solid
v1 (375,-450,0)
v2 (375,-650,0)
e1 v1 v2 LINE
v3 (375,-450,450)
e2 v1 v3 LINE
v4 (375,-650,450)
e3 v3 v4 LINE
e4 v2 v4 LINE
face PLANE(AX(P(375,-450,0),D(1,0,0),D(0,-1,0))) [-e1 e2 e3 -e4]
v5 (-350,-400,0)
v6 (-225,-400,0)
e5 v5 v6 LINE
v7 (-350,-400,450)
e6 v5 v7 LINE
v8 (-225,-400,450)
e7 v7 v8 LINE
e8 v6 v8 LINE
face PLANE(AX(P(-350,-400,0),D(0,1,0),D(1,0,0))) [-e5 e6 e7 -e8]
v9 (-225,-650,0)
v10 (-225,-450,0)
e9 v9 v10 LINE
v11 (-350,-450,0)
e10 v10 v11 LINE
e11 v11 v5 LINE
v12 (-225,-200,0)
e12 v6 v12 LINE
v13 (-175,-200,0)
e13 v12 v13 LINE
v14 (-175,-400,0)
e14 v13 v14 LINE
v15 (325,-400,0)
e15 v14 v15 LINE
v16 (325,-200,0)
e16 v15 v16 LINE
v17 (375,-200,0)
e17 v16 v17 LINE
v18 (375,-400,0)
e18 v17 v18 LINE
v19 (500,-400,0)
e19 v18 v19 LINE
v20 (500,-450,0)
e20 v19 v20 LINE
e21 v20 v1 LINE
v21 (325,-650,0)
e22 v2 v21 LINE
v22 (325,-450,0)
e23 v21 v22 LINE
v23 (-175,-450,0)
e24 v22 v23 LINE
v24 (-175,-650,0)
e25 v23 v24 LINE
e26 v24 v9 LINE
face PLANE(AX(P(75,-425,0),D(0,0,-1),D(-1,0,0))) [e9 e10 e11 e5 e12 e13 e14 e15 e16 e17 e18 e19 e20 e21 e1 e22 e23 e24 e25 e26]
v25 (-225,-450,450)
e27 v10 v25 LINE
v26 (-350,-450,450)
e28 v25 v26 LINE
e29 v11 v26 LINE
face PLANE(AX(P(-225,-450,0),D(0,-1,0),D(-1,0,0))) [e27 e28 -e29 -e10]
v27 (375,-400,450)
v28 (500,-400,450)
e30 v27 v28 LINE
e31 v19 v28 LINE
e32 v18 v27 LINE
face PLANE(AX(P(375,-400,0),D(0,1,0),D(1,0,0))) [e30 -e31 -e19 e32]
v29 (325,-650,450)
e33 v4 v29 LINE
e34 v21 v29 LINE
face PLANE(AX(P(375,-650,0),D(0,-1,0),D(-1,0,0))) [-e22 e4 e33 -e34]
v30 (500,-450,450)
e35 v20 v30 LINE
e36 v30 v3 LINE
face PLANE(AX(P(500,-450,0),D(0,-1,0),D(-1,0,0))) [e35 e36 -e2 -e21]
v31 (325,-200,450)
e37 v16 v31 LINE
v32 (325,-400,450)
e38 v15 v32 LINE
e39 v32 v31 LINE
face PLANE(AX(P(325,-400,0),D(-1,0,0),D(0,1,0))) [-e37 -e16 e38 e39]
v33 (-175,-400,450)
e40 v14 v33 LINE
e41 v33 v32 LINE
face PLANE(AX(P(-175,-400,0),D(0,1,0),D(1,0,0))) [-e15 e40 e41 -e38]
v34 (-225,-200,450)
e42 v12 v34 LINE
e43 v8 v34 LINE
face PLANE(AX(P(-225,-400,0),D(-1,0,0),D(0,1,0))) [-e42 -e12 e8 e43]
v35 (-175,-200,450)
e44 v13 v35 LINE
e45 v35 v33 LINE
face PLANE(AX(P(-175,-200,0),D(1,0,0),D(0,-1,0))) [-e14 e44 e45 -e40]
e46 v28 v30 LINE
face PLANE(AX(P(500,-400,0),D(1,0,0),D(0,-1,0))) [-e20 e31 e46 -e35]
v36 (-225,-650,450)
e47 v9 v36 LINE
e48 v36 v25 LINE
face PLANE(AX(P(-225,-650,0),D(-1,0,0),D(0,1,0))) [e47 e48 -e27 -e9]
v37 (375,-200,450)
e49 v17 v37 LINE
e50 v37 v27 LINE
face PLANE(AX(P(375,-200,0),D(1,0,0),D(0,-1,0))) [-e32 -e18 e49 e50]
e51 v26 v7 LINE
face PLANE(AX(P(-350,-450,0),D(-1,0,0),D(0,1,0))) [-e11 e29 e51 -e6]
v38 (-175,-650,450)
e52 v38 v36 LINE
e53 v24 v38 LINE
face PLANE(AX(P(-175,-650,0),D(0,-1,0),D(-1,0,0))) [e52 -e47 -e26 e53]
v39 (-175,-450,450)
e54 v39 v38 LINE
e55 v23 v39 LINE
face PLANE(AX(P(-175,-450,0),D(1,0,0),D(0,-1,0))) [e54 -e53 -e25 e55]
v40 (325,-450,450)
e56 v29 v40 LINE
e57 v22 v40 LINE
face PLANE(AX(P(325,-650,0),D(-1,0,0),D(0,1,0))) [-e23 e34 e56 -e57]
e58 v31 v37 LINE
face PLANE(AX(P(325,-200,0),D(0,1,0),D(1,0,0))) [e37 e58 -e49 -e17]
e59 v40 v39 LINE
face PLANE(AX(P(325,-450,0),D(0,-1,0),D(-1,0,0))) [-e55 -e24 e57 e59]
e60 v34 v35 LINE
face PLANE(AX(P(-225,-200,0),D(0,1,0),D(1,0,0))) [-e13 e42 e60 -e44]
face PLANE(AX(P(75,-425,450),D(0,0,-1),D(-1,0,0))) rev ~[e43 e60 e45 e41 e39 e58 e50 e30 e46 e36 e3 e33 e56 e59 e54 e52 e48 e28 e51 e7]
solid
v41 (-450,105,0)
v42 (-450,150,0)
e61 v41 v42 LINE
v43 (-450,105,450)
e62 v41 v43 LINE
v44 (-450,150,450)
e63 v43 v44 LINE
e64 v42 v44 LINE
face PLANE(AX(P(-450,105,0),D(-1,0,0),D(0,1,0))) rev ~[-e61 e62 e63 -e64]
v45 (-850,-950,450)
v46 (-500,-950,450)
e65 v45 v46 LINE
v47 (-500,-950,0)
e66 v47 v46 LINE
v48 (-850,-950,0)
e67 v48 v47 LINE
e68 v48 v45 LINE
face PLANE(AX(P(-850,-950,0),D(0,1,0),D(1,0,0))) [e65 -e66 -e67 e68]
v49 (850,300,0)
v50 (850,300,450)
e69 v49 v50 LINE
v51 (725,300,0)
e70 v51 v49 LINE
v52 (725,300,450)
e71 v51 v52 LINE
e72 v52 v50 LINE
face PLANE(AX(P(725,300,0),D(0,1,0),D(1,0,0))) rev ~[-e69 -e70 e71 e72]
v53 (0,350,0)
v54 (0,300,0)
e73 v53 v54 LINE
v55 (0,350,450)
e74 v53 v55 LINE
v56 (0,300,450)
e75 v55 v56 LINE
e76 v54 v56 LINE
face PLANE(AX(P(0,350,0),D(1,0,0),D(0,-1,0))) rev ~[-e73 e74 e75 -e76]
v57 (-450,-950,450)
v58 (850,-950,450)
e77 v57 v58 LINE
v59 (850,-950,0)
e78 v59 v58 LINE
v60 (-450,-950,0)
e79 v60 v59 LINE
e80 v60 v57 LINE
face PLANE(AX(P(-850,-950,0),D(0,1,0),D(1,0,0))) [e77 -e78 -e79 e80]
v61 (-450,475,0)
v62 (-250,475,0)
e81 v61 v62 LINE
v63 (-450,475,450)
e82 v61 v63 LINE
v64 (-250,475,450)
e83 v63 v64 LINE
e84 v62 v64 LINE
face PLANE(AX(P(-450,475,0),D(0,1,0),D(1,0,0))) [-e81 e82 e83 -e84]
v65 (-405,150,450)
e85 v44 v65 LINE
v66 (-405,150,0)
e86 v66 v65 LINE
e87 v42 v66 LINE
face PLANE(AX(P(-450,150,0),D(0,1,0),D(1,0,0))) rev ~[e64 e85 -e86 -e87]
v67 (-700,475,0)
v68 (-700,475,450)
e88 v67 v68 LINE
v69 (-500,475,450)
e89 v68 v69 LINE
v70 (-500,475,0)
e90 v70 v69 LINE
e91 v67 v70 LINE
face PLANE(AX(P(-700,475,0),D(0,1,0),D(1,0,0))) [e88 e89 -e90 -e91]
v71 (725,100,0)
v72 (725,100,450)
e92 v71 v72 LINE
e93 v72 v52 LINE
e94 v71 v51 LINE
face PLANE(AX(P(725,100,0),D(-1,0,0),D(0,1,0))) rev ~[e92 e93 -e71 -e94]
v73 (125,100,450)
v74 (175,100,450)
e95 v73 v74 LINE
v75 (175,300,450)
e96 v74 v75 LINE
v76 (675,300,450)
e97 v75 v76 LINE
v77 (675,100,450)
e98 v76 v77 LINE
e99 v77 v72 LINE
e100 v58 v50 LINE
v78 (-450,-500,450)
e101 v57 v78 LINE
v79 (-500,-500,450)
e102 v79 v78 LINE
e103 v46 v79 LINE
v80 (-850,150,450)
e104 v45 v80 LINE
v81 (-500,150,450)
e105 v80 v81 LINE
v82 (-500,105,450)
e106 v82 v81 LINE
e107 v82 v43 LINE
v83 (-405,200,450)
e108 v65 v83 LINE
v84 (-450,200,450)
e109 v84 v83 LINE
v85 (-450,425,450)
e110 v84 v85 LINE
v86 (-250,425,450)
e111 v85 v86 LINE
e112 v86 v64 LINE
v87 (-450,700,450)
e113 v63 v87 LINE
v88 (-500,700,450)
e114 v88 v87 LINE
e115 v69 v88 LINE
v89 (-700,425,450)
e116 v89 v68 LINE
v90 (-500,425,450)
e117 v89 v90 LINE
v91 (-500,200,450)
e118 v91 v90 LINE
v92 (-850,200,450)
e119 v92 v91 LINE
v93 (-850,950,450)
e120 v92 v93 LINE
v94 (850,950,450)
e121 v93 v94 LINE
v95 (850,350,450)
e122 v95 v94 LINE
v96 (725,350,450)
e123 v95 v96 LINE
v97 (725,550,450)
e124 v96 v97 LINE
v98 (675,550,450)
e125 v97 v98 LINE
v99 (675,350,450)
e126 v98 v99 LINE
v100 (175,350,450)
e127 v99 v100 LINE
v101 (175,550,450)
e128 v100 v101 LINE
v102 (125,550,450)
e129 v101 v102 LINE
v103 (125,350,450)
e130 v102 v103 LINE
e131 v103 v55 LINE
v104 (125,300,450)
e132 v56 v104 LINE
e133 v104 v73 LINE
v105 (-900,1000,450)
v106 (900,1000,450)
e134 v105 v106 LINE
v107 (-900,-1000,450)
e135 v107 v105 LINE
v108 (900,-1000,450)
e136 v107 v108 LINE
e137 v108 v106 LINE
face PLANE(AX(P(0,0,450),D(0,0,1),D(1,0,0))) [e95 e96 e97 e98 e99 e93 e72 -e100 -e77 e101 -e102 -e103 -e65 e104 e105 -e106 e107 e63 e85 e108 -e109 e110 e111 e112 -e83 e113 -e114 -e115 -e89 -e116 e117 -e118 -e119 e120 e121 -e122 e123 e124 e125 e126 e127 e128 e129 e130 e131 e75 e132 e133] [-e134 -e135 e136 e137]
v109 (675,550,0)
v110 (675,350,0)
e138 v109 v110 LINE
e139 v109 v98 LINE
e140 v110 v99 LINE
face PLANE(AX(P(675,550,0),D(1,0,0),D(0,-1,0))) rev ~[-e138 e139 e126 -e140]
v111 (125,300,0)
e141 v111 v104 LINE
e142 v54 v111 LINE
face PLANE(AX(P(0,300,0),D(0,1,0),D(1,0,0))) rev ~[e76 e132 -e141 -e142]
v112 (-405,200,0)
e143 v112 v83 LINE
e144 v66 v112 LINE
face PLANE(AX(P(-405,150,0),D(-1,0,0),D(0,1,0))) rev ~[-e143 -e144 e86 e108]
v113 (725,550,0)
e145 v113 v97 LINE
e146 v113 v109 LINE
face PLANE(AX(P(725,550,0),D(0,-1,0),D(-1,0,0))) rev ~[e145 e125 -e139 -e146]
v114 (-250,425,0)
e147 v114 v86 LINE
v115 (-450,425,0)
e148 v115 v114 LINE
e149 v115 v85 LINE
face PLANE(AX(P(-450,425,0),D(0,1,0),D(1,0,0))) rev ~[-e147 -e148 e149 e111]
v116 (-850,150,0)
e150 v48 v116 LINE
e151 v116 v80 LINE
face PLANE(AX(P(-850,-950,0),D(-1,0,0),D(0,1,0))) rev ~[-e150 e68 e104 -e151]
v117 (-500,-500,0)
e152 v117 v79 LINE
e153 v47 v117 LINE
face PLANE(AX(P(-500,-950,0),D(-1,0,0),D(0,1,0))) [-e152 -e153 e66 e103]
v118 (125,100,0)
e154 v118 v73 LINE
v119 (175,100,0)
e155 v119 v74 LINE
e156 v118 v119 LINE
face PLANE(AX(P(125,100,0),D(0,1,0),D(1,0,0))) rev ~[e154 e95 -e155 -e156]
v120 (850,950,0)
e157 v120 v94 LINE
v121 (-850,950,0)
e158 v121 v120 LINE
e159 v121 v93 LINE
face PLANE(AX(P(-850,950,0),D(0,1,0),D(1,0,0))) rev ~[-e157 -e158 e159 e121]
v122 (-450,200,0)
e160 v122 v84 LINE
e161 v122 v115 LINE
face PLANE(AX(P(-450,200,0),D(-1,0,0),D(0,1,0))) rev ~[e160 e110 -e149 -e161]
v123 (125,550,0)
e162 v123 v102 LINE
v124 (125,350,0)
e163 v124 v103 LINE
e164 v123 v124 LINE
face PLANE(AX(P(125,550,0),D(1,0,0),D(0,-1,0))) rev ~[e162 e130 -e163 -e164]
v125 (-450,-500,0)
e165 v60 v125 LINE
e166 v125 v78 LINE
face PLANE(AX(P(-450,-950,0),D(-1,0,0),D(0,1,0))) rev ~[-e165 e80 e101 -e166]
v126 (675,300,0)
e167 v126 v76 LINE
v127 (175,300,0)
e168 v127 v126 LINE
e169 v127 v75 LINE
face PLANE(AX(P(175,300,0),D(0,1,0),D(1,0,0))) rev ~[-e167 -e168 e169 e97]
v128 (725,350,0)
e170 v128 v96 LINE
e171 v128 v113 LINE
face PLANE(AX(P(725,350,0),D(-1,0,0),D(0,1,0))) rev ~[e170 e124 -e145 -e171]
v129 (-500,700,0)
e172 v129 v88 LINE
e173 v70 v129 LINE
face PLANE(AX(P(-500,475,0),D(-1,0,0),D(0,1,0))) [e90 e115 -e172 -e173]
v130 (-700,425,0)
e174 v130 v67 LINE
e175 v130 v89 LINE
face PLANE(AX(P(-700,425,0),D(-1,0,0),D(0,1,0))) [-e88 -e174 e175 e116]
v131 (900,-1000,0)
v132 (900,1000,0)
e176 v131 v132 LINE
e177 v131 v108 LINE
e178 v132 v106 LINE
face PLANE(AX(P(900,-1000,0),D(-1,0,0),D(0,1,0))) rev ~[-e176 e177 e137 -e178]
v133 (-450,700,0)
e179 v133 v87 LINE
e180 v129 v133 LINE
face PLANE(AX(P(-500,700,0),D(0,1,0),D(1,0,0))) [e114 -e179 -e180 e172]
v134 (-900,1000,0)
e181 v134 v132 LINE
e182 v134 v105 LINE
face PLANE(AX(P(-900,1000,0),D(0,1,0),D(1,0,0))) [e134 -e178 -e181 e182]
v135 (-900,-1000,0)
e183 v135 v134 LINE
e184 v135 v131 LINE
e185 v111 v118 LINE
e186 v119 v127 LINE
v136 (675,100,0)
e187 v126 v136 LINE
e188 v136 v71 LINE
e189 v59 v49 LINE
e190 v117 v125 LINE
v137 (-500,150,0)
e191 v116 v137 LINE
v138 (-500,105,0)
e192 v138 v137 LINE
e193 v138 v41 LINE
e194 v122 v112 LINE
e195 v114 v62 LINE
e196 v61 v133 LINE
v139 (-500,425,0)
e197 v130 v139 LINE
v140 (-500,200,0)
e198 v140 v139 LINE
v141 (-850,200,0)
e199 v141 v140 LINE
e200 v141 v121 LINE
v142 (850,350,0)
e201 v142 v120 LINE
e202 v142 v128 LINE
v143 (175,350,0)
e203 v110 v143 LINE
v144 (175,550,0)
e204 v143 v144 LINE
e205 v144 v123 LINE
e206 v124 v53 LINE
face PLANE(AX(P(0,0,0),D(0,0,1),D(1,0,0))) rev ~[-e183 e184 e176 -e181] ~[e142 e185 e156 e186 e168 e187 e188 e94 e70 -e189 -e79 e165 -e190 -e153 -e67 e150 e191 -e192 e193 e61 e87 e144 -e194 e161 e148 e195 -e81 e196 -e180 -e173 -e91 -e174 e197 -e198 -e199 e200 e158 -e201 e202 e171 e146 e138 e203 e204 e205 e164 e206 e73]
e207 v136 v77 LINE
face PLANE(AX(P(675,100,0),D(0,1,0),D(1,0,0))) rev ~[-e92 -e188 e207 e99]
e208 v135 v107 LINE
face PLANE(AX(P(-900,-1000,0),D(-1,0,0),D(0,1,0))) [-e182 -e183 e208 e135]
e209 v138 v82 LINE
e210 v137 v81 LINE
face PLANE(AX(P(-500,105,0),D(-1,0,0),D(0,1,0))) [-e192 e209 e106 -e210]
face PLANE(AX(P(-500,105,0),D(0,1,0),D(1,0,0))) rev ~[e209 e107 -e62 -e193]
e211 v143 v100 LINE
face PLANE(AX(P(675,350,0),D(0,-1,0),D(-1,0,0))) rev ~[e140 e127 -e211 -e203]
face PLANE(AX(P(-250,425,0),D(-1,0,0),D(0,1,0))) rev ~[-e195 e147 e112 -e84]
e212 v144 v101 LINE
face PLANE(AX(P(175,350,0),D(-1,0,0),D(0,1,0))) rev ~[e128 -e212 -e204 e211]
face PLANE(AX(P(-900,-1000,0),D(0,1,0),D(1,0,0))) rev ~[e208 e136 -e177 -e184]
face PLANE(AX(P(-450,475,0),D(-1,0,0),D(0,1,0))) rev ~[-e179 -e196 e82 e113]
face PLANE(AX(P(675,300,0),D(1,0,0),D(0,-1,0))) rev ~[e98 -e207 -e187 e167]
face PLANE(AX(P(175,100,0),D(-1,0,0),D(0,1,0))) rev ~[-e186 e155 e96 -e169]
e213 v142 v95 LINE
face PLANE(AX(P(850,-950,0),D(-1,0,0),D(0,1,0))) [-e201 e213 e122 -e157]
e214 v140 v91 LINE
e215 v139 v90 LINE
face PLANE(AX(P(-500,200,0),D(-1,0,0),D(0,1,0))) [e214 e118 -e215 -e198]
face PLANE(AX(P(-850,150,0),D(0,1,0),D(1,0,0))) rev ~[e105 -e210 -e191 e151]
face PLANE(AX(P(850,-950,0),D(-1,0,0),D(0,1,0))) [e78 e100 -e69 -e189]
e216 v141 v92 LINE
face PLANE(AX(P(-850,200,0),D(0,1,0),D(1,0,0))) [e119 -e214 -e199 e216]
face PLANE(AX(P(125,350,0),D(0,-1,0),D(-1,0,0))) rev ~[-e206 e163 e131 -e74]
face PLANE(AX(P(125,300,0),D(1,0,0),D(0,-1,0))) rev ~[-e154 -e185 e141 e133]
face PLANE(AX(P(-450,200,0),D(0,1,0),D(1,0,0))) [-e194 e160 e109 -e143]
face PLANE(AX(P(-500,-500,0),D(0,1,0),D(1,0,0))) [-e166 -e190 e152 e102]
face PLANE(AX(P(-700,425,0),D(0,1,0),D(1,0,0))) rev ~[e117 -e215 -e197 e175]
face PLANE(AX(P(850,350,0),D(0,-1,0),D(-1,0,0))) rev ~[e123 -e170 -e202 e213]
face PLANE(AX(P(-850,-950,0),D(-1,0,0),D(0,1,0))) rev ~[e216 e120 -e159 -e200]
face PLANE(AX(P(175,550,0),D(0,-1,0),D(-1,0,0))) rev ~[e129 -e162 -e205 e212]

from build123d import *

# Parameters (mm, degrees)
SKETCH1_W           = 180
SKETCH1_H           = 200
SKETCH1_W_2         = 170
SKETCH1_H_2         = 190
SKETCH1_W_3         = 35
SKETCH1_H_3         = 5
SKETCH1_W_4         = 5
SKETCH1_H_4         = 22.5
SKETCH1_W_5         = 20
SKETCH1_H_5         = 4.5
SKETCH1_W_6         = 4.5
SKETCH1_H_6         = 45
BOSS_EXTRUDE1_DEPTH = 45
SCALE1_SCALE        = 10


with BuildPart() as part:
    # Sketch1 → Boss-Extrude1 (new body)
    # profile 1 of 13: a face of its own
    with BuildSketch(Plane.XY):
        Rectangle(SKETCH1_W, SKETCH1_H)
        Rectangle(SKETCH1_W_2, SKETCH1_H_2, mode=Mode.SUBTRACT)
    # profile 2 of 13: a face of its own
    with BuildSketch(Plane.XY):
        with Locations((-67.5, 17.5)):
            Rectangle(SKETCH1_W_3, SKETCH1_H_3)
    # profile 3 of 13: a face of its own
    with BuildSketch(Plane.XY):
        with Locations((-47.5, 31.25)):
            Rectangle(SKETCH1_W_4, SKETCH1_H_4)
    # profile 4 of 13: a face of its own
    with BuildSketch(Plane.XY):
        with Locations((-60, 45)):
            Rectangle(SKETCH1_W_5, SKETCH1_H_3)
    # profile 5 of 13: a face of its own
    with BuildSketch(Plane.XY):
        with Locations((-47.5, 45)):
            Rectangle(SKETCH1_W_4, SKETCH1_H_3)
    # profile 6 of 13: a face of its own
    with BuildSketch(Plane.XY):
        with Locations((-47.5, 58.75)):
            Rectangle(SKETCH1_W_4, SKETCH1_H_4)
    # profile 7 of 13: a face of its own
    with BuildSketch(Plane.XY):
        with Locations((-35, 45)):
            Rectangle(SKETCH1_W_5, SKETCH1_H_3)
    # profile 8 of 13: a face of its own
    with BuildSketch(Plane.XY):
        with Locations((-47.5, 17.5)):
            Rectangle(SKETCH1_W_4, SKETCH1_H_3)
    # profile 9 of 13: a face of its own
    with BuildSketch(Plane.XY):
        with Locations((-47.5, 12.75)):
            Rectangle(SKETCH1_W_4, SKETCH1_H_5)
    # profile 10 of 13: a face of its own
    with BuildSketch(Plane.XY):
        with Locations((-42.75, 17.5)):
            Rectangle(SKETCH1_W_6, SKETCH1_H_3)
    # profile 11 of 13: a face of its own
    with BuildSketch(Plane.XY):
        Polygon((72.5, 30), (85, 30), (85, 35), (72.5, 35), (72.5, 55), (67.5, 55), (67.5, 35), (17.5, 35), (17.5, 55), (12.5, 55), (12.5, 35), (0, 35), (0, 30), (12.5, 30), (12.5, 10), (17.5, 10), (17.5, 30), (67.5, 30), (67.5, 10), (72.5, 10), align=None)
    # profile 12 of 13: a face of its own
    with BuildSketch(Plane.XY):
        with Locations((-47.5, -72.5)):
            Rectangle(SKETCH1_W_4, SKETCH1_H_6)
    # profile 13 of 13: a face of its own
    with BuildSketch(Plane.XY):
        Polygon((32.5, -40), (32.5, -20), (37.5, -20), (37.5, -40), (50, -40), (50, -45), (37.5, -45), (37.5, -65), (32.5, -65), (32.5, -45), (-17.5, -45), (-17.5, -65), (-22.5, -65), (-22.5, -45), (-35, -45), (-35, -40), (-22.5, -40), (-22.5, -20), (-17.5, -20), (-17.5, -40), align=None)
    extrude(amount=BOSS_EXTRUDE1_DEPTH)


with BuildPart() as part_1:
    # Scale1: scaled about (0, 0, 0)
    add(part.part.scale(SCALE1_SCALE))


solid = part_1.part
